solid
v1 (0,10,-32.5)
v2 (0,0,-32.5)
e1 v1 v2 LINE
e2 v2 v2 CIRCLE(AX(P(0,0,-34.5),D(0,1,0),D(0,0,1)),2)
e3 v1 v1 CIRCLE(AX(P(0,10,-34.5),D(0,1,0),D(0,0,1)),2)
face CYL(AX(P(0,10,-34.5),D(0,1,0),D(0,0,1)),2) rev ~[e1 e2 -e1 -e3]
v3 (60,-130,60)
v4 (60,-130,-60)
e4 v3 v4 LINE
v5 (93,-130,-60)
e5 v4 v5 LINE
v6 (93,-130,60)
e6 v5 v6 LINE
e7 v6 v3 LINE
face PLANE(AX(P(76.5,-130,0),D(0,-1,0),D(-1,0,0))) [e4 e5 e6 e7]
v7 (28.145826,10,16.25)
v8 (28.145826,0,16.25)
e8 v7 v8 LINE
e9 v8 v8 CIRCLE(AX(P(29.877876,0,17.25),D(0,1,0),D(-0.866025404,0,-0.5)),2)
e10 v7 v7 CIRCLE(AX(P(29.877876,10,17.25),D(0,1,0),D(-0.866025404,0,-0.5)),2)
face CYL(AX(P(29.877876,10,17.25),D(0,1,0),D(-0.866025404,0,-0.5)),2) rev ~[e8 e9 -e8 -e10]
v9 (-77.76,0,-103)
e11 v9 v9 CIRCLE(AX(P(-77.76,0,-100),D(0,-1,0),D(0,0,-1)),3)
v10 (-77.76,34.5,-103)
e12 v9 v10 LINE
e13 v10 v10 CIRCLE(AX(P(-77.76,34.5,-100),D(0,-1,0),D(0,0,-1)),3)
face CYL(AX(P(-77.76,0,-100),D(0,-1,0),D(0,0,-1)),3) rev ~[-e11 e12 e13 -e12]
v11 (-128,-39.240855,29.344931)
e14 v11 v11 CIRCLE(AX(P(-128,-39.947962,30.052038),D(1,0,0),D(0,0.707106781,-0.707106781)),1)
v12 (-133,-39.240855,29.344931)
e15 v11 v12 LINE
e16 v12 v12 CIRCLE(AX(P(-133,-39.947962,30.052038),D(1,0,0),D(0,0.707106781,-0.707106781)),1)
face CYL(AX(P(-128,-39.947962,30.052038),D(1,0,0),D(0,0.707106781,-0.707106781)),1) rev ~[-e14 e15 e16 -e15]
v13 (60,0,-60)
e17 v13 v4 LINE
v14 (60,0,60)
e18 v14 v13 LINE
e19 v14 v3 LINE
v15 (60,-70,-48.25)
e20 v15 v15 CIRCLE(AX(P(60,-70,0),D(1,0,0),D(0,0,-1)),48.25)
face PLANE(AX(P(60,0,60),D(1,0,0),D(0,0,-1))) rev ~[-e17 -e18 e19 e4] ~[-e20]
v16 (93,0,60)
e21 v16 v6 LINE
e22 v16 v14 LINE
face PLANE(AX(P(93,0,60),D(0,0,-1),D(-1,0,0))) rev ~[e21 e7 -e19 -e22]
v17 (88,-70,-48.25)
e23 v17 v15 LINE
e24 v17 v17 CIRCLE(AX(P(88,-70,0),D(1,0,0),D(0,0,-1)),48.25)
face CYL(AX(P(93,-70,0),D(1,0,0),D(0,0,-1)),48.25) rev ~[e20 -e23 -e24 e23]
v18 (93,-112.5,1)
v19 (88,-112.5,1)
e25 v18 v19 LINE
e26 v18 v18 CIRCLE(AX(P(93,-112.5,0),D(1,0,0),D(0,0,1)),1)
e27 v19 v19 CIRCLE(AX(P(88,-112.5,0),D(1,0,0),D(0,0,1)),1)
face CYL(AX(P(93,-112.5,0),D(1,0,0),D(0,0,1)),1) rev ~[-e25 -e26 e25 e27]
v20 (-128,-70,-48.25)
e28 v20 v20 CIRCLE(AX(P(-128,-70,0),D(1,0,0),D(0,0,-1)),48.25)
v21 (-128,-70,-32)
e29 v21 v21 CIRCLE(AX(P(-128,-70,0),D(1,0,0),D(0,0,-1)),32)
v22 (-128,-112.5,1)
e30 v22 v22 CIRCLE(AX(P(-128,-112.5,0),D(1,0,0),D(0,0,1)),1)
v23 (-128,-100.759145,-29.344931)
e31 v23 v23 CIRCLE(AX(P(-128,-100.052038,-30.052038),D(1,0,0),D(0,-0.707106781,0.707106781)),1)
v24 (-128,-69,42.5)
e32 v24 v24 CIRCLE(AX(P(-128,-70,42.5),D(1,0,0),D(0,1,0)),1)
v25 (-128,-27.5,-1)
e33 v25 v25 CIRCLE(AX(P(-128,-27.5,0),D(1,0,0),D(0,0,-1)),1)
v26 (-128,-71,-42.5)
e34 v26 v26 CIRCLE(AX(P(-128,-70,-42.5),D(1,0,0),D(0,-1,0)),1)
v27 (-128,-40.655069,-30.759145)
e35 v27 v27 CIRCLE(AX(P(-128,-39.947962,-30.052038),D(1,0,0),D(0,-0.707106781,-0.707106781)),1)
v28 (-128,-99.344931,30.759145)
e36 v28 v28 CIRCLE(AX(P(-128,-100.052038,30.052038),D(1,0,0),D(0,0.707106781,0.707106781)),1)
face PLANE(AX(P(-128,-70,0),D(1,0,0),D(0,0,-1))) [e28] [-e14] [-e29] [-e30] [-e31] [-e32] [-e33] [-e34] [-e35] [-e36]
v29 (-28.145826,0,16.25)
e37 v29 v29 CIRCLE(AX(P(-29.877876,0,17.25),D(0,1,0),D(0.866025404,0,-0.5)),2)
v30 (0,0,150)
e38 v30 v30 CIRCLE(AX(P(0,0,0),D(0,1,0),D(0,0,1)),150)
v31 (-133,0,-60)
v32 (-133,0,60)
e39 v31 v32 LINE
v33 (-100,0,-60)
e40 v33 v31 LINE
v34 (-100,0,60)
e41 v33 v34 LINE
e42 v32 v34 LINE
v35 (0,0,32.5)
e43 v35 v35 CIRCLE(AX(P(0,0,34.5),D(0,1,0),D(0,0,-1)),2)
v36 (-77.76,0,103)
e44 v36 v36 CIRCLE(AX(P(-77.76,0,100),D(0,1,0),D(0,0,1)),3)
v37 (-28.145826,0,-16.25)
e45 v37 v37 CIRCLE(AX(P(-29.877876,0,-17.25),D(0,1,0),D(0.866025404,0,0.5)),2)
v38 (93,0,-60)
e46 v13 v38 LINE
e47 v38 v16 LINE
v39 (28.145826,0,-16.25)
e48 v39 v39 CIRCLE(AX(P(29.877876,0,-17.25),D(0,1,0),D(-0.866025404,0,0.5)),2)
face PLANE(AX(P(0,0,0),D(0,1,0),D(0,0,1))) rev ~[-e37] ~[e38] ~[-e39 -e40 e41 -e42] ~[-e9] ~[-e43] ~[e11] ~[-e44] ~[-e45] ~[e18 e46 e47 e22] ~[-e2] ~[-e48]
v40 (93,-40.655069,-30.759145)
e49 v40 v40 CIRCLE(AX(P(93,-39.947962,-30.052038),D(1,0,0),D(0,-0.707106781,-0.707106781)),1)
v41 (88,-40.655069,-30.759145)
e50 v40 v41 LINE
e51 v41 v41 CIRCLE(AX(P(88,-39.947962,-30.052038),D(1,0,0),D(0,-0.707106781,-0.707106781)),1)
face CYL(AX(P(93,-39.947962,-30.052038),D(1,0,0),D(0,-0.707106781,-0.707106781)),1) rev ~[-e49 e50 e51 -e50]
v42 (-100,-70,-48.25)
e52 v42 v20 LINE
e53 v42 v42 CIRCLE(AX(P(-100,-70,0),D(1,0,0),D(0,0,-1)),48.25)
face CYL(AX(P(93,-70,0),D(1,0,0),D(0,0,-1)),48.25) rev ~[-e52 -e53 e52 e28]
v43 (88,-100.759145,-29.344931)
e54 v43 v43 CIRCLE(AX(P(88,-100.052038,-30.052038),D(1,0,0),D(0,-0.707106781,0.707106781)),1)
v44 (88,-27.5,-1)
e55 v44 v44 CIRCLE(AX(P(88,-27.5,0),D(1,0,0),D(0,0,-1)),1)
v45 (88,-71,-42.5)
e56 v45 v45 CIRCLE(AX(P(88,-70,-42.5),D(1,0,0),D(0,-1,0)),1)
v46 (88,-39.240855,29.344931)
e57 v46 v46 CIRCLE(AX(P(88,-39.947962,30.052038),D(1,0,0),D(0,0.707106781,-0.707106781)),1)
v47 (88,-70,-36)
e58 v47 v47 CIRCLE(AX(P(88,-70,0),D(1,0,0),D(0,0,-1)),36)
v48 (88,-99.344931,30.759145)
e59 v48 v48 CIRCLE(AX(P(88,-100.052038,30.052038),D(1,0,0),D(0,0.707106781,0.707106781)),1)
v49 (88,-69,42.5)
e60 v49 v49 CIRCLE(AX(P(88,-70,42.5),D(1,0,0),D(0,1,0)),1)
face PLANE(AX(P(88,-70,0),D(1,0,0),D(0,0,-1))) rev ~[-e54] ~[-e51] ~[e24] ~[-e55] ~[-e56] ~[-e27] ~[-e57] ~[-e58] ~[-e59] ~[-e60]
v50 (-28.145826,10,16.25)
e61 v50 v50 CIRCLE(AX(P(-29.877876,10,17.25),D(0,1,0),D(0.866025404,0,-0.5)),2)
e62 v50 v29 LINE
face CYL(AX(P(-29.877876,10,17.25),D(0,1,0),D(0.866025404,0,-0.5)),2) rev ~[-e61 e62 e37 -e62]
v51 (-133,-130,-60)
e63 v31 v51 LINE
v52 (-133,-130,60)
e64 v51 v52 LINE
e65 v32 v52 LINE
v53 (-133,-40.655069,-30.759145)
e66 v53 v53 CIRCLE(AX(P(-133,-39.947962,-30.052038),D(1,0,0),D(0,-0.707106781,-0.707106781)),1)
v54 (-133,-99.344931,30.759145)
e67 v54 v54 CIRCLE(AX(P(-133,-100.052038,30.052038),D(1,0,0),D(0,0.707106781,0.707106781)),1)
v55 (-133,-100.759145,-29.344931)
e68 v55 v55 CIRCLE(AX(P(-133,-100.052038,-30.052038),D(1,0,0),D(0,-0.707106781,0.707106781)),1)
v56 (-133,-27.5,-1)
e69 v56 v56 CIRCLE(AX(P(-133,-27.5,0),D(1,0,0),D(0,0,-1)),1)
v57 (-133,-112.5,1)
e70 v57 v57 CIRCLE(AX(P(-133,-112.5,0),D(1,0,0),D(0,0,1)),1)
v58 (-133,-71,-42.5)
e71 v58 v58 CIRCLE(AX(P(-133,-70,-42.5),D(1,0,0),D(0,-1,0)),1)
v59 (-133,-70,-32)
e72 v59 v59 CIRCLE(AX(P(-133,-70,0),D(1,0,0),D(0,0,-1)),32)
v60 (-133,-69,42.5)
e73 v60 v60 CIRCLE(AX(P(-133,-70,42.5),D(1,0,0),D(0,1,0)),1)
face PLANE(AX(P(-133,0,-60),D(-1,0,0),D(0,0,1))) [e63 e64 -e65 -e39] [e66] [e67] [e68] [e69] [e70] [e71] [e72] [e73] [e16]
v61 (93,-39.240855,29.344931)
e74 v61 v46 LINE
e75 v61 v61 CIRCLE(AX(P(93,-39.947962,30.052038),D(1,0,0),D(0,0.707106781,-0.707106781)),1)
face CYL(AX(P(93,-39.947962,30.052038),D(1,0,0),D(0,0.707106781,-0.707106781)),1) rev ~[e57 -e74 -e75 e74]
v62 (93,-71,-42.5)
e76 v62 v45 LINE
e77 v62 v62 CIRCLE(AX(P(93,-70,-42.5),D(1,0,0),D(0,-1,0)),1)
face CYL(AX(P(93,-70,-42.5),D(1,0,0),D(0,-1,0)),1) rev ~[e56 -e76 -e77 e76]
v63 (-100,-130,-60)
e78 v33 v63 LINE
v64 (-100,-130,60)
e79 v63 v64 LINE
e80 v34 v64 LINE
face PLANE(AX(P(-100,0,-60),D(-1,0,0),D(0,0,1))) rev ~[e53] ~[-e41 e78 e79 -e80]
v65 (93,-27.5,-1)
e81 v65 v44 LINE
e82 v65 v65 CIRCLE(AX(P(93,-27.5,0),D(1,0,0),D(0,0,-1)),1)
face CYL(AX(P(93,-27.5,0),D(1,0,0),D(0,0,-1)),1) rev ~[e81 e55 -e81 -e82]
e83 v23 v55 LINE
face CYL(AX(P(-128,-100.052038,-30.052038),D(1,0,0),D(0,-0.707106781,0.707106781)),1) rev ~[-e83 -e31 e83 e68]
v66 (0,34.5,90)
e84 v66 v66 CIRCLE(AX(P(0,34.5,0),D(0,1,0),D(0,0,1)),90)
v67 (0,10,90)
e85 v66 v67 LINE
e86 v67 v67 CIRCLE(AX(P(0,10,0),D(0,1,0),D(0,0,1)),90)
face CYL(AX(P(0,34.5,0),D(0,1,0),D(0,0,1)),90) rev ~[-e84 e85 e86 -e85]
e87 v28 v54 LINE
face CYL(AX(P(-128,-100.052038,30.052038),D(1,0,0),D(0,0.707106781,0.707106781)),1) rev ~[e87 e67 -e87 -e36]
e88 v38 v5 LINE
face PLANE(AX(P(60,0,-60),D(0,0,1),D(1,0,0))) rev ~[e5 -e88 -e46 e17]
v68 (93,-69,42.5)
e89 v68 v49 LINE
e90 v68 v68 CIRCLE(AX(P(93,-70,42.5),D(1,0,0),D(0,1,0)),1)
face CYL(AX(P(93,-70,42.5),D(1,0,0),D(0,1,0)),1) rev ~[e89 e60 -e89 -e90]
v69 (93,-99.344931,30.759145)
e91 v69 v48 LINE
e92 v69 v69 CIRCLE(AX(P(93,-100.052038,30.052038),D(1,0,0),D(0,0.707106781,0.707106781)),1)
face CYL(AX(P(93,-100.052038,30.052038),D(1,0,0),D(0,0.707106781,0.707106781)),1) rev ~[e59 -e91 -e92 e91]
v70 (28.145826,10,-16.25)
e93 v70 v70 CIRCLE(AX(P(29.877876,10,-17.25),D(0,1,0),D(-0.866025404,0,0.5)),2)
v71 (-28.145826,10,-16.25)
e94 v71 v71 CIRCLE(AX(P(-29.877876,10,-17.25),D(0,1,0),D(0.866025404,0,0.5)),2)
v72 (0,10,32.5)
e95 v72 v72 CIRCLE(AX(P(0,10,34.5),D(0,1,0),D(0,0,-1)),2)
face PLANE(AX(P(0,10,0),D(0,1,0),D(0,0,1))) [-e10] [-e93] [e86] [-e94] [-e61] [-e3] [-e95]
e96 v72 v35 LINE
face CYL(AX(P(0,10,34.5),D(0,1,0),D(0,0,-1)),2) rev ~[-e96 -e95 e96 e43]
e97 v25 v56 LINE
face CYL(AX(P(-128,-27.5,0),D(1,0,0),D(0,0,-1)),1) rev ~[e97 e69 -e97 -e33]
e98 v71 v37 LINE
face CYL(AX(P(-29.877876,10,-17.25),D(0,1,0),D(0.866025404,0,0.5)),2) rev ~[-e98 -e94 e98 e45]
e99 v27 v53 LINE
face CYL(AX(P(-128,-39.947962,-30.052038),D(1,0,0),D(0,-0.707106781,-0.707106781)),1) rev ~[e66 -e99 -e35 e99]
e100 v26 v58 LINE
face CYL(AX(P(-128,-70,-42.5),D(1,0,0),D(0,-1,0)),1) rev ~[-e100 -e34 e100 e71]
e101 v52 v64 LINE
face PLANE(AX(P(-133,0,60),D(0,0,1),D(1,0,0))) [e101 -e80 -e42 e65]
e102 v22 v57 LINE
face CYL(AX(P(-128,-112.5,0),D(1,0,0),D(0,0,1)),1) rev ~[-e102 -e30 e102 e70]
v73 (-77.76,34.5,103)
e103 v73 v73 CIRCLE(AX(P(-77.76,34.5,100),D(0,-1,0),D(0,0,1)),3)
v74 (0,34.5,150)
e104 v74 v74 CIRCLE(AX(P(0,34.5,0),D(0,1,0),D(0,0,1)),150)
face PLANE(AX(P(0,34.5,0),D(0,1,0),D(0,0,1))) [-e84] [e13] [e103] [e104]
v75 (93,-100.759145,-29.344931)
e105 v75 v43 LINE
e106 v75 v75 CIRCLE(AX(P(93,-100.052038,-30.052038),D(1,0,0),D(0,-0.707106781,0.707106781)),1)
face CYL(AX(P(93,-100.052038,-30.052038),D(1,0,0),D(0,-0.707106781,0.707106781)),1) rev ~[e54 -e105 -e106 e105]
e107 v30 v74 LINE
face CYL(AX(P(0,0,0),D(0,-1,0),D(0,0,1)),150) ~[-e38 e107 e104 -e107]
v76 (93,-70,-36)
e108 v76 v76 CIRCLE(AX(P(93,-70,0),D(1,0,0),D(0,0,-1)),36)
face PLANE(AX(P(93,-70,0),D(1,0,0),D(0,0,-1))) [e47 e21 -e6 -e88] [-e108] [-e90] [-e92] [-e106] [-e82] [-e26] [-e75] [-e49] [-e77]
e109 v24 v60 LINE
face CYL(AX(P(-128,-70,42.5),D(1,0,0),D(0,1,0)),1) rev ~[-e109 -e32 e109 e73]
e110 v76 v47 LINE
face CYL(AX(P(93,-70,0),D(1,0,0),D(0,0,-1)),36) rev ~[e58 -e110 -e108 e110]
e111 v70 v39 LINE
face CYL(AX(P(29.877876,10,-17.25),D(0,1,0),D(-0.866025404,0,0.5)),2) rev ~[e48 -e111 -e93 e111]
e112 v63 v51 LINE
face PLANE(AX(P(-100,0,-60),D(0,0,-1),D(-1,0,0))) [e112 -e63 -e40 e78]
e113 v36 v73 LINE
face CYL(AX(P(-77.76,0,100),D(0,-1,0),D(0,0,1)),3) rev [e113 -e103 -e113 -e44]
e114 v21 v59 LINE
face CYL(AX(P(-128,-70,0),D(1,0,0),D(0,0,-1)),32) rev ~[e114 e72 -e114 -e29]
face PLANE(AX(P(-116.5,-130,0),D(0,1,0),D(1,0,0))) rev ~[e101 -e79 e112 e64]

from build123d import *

# Parameters (mm, degrees)
SKETCH_1_R                       = 150
EXTRUDE_1_DEPTH                  = 34.5
EXTRUDE_2_DEPTH                  = 130
SKETCH_3_R                       = 48.25
CUT_EXTRUDE_1_DEPTH              = 314.765836254
SKETCH_4_R                       = 90
CUT_EXTRUDE_2_DEPTH              = 24.5
SKETCH_6_R                       = 48.25
EXTRUDE_3_DEPTH                  = 5
PATTERN_LINEAR_1_COUNT           = 2
PATTERN_LINEAR_1_PITCH           = 221
SKETCH_10_R                      = 32
CUT_EXTRUDE_3_DEPTH              = 5
SKETCH_11_R                      = 1
CUT_EXTRUDE_4_DEPTH              = 5
PATTERN_CIRCULAR_1_COUNT         = 8
PATTERN_LINEAR_3_COUNT           = 2
PATTERN_LINEAR_3_PITCH           = 221
PATTERN_LINEAR_3_COPY_1_SKETCH_R = 1
PATTERN_LINEAR_3_COPY_1_DEPTH    = 5
PATTERN_LINEAR_3_COPY_2_SKETCH_R = 1
PATTERN_LINEAR_3_COPY_2_DEPTH    = 5
PATTERN_LINEAR_3_COPY_3_SKETCH_R = 1
PATTERN_LINEAR_3_COPY_3_DEPTH    = 5
PATTERN_LINEAR_3_COPY_4_SKETCH_R = 1
PATTERN_LINEAR_3_COPY_4_DEPTH    = 5
PATTERN_LINEAR_3_COPY_5_SKETCH_R = 1
PATTERN_LINEAR_3_COPY_5_DEPTH    = 5
PATTERN_LINEAR_3_COPY_6_SKETCH_R = 1
PATTERN_LINEAR_3_COPY_6_DEPTH    = 5
PATTERN_LINEAR_3_COPY_7_SKETCH_R = 1
PATTERN_LINEAR_3_COPY_7_DEPTH    = 5
PATTERN_LINEAR_4_COUNT           = 2
PATTERN_LINEAR_4_PITCH           = 221
SKETCH_14_R                      = 3
CUT_EXTRUDE_5_DEPTH              = 249.797106092
SKETCH_16_R                      = 2
CUT_EXTRUDE_6_DEPTH              = 255.165300543
PATTERN_CIRCULAR_2_COUNT         = 6
SKETCH_17_R                      = 36
CUT_EXTRUDE_7_DEPTH              = 10


with BuildPart() as part:
    # 草图1 → 凸台-拉伸1 (new body)
    with BuildSketch(Plane(origin=(0, 0, 0), x_dir=(1, 0, 0), z_dir=(0, 1, 0))):
        with Locations(Location((0, 0, 0), (0, 0, 270))):
            Circle(SKETCH_1_R)
    extrude(amount=EXTRUDE_1_DEPTH)

    # 草图2 → 凸台-拉伸2 (add)
    with BuildSketch(Plane(origin=(0, 0, 0), x_dir=(-1, 0, 0), z_dir=(0, -1, 0))):
        Polygon((100, 0), (100, 60), (133, 60), (133, -60), (100, -60), align=None)
        Polygon((-60, 0), (-60, 60), (-93, 60), (-93, -60), (-60, -60), align=None)
    extrude(amount=EXTRUDE_2_DEPTH)

    # 草图3 → 切除-拉伸1 (cut, through all)
    with BuildSketch(Plane(origin=(93, 0, 0), x_dir=(0, 0, -1), z_dir=(1, 0, 0))):
        with Locations((0, -70)):
            Circle(SKETCH_3_R)
    extrude(amount=-CUT_EXTRUDE_1_DEPTH, mode=Mode.SUBTRACT)

    # 草图4 → 切除-拉伸2 (cut)
    with BuildSketch(Plane(origin=(0, 34.5, 0), x_dir=(1, 0, 0), z_dir=(0, 1, 0))):
        with Locations(Location((0, 0, 0), (0, 0, 270))):
            Circle(SKETCH_4_R)
    extrude(amount=-CUT_EXTRUDE_2_DEPTH, mode=Mode.SUBTRACT)

    # 草图6 → 凸台-拉伸3 (add)
    with BuildSketch(Plane(origin=(93, 0, 0), x_dir=(0, 0, -1), z_dir=(1, 0, 0))):
        with Locations((0, -70)):
            Circle(SKETCH_6_R)
    extrude_3 = extrude(amount=-EXTRUDE_3_DEPTH)

    # 阵列(线性)1: 凸台-拉伸3 ×2
    with Locations(*[(-i * PATTERN_LINEAR_1_PITCH, 0, 0) for i in range(1, PATTERN_LINEAR_1_COUNT)]):
        add(extrude_3)

    # 草图10 → 切除-拉伸3 (cut)
    with BuildSketch(Plane(origin=(93, 0, 0), x_dir=(0, 0, -1), z_dir=(1, 0, 0))):
        with Locations((0, -70)):
            Circle(SKETCH_10_R)
    cut_extrude_3 = extrude(amount=-CUT_EXTRUDE_3_DEPTH, mode=Mode.SUBTRACT)

    # 草图11 → 切除-拉伸4 (cut)
    with BuildSketch(Plane(origin=(93, 0, 0), x_dir=(0, 0, -1), z_dir=(1, 0, 0))):
        with Locations((0, -27.5)):
            Circle(SKETCH_11_R)
    cut_extrude_4 = extrude(amount=-CUT_EXTRUDE_4_DEPTH, mode=Mode.SUBTRACT)

    # 阵列(圆周)1: 切除-拉伸4 ×8 about axis
    pattern_circular_1_axis = Axis((0, -70, 0), (1, 0, 0))
    for i in range(1, PATTERN_CIRCULAR_1_COUNT):
        add(cut_extrude_4.rotate(pattern_circular_1_axis, i * 360 / PATTERN_CIRCULAR_1_COUNT), mode=Mode.SUBTRACT)

    # 阵列(线性)3: 切除-拉伸4 ×2
    with Locations(*[(-i * PATTERN_LINEAR_3_PITCH, 0, 0) for i in range(1, PATTERN_LINEAR_3_COUNT)]):
        add(cut_extrude_4, mode=Mode.SUBTRACT)

    # 阵列(线性)3 copy 1 sketch → 阵列(线性)3 copy 1 (cut)
    with BuildSketch(Plane(origin=(-128, -20.502525317, 49.497474683), x_dir=(0, 0.7071067811865475, -0.7071067811865476), z_dir=(1, 0, 0))):
        with Locations((0, -27.5)):
            Circle(PATTERN_LINEAR_3_COPY_1_SKETCH_R)
    extrude(amount=-PATTERN_LINEAR_3_COPY_1_DEPTH, mode=Mode.SUBTRACT)

    # 阵列(线性)3 copy 2 sketch → 阵列(线性)3 copy 2 (cut)
    with BuildSketch(Plane(origin=(-128, -70, 70), x_dir=(0, 1, 0), z_dir=(1, 0, 0))):
        with Locations((0, -27.5)):
            Circle(PATTERN_LINEAR_3_COPY_2_SKETCH_R)
    extrude(amount=-PATTERN_LINEAR_3_COPY_2_DEPTH, mode=Mode.SUBTRACT)

    # 阵列(线性)3 copy 3 sketch → 阵列(线性)3 copy 3 (cut)
    with BuildSketch(Plane(origin=(-128, -119.497474683, 49.497474683), x_dir=(0, 0.7071067811865476, 0.7071067811865475), z_dir=(1, 0, 0))):
        with Locations((0, -27.5)):
            Circle(PATTERN_LINEAR_3_COPY_3_SKETCH_R)
    extrude(amount=-PATTERN_LINEAR_3_COPY_3_DEPTH, mode=Mode.SUBTRACT)

    # 阵列(线性)3 copy 4 sketch → 阵列(线性)3 copy 4 (cut)
    with BuildSketch(Plane(origin=(-128, -140, 0), x_dir=(0, 0, 1), z_dir=(1, 0, 0))):
        with Locations((0, -27.5)):
            Circle(PATTERN_LINEAR_3_COPY_4_SKETCH_R)
    extrude(amount=-PATTERN_LINEAR_3_COPY_4_DEPTH, mode=Mode.SUBTRACT)

    # 阵列(线性)3 copy 5 sketch → 阵列(线性)3 copy 5 (cut)
    with BuildSketch(Plane(origin=(-128, -119.497474683, -49.497474683), x_dir=(0, -0.7071067811865475, 0.7071067811865477), z_dir=(1, 0, 0))):
        with Locations((0, -27.5)):
            Circle(PATTERN_LINEAR_3_COPY_5_SKETCH_R)
    extrude(amount=-PATTERN_LINEAR_3_COPY_5_DEPTH, mode=Mode.SUBTRACT)

    # 阵列(线性)3 copy 6 sketch → 阵列(线性)3 copy 6 (cut)
    with BuildSketch(Plane(origin=(-128, -70, -70), x_dir=(0, -1, 0), z_dir=(1, 0, 0))):
        with Locations((0, -27.5)):
            Circle(PATTERN_LINEAR_3_COPY_6_SKETCH_R)
    extrude(amount=-PATTERN_LINEAR_3_COPY_6_DEPTH, mode=Mode.SUBTRACT)

    # 阵列(线性)3 copy 7 sketch → 阵列(线性)3 copy 7 (cut)
    with BuildSketch(Plane(origin=(-128, -20.502525317, -49.497474683), x_dir=(0, -0.7071067811865477, -0.7071067811865474), z_dir=(1, 0, 0))):
        with Locations((0, -27.5)):
            Circle(PATTERN_LINEAR_3_COPY_7_SKETCH_R)
    extrude(amount=-PATTERN_LINEAR_3_COPY_7_DEPTH, mode=Mode.SUBTRACT)

    # 阵列(线性)4: 切除-拉伸3 ×2
    with Locations(*[(-i * PATTERN_LINEAR_4_PITCH, 0, 0) for i in range(1, PATTERN_LINEAR_4_COUNT)]):
        add(cut_extrude_3, mode=Mode.SUBTRACT)

    # 草图14 → 切除-拉伸5 (cut, through all)
    with BuildSketch(Plane.XZ):
        with Locations(Location((-77.76, -100, 0), (0, 0, 270))):
            Circle(SKETCH_14_R)
    cut_extrude_5 = extrude(amount=-CUT_EXTRUDE_5_DEPTH, mode=Mode.SUBTRACT)

    # 镜向1: 切除-拉伸5 across plane
    add(cut_extrude_5.mirror(Plane.XY), mode=Mode.SUBTRACT)

    # 草图16 → 切除-拉伸6 (cut, through all)
    with BuildSketch(Plane(origin=(0, 10, 0), x_dir=(1, 0, 0), z_dir=(0, 1, 0))):
        with Locations(Location((0, 34.5, 0), (0, 0, 270))):
            Circle(SKETCH_16_R)
    cut_extrude_6 = extrude(amount=-CUT_EXTRUDE_6_DEPTH, mode=Mode.SUBTRACT)

    # 阵列(圆周)2: 切除-拉伸6 ×6 about axis
    pattern_circular_2_axis = Axis((0, 0, 0), (0, 1, 0))
    for i in range(1, PATTERN_CIRCULAR_2_COUNT):
        add(cut_extrude_6.rotate(pattern_circular_2_axis, i * 360 / PATTERN_CIRCULAR_2_COUNT), mode=Mode.SUBTRACT)

    # 草图17 → 切除-拉伸7 (cut)
    with BuildSketch(Plane(origin=(93, 0, 0), x_dir=(0, 0, -1), z_dir=(1, 0, 0))):
        with Locations((0, -70)):
            Circle(SKETCH_17_R)
    extrude(amount=-CUT_EXTRUDE_7_DEPTH, mode=Mode.SUBTRACT)


solid = part.part
